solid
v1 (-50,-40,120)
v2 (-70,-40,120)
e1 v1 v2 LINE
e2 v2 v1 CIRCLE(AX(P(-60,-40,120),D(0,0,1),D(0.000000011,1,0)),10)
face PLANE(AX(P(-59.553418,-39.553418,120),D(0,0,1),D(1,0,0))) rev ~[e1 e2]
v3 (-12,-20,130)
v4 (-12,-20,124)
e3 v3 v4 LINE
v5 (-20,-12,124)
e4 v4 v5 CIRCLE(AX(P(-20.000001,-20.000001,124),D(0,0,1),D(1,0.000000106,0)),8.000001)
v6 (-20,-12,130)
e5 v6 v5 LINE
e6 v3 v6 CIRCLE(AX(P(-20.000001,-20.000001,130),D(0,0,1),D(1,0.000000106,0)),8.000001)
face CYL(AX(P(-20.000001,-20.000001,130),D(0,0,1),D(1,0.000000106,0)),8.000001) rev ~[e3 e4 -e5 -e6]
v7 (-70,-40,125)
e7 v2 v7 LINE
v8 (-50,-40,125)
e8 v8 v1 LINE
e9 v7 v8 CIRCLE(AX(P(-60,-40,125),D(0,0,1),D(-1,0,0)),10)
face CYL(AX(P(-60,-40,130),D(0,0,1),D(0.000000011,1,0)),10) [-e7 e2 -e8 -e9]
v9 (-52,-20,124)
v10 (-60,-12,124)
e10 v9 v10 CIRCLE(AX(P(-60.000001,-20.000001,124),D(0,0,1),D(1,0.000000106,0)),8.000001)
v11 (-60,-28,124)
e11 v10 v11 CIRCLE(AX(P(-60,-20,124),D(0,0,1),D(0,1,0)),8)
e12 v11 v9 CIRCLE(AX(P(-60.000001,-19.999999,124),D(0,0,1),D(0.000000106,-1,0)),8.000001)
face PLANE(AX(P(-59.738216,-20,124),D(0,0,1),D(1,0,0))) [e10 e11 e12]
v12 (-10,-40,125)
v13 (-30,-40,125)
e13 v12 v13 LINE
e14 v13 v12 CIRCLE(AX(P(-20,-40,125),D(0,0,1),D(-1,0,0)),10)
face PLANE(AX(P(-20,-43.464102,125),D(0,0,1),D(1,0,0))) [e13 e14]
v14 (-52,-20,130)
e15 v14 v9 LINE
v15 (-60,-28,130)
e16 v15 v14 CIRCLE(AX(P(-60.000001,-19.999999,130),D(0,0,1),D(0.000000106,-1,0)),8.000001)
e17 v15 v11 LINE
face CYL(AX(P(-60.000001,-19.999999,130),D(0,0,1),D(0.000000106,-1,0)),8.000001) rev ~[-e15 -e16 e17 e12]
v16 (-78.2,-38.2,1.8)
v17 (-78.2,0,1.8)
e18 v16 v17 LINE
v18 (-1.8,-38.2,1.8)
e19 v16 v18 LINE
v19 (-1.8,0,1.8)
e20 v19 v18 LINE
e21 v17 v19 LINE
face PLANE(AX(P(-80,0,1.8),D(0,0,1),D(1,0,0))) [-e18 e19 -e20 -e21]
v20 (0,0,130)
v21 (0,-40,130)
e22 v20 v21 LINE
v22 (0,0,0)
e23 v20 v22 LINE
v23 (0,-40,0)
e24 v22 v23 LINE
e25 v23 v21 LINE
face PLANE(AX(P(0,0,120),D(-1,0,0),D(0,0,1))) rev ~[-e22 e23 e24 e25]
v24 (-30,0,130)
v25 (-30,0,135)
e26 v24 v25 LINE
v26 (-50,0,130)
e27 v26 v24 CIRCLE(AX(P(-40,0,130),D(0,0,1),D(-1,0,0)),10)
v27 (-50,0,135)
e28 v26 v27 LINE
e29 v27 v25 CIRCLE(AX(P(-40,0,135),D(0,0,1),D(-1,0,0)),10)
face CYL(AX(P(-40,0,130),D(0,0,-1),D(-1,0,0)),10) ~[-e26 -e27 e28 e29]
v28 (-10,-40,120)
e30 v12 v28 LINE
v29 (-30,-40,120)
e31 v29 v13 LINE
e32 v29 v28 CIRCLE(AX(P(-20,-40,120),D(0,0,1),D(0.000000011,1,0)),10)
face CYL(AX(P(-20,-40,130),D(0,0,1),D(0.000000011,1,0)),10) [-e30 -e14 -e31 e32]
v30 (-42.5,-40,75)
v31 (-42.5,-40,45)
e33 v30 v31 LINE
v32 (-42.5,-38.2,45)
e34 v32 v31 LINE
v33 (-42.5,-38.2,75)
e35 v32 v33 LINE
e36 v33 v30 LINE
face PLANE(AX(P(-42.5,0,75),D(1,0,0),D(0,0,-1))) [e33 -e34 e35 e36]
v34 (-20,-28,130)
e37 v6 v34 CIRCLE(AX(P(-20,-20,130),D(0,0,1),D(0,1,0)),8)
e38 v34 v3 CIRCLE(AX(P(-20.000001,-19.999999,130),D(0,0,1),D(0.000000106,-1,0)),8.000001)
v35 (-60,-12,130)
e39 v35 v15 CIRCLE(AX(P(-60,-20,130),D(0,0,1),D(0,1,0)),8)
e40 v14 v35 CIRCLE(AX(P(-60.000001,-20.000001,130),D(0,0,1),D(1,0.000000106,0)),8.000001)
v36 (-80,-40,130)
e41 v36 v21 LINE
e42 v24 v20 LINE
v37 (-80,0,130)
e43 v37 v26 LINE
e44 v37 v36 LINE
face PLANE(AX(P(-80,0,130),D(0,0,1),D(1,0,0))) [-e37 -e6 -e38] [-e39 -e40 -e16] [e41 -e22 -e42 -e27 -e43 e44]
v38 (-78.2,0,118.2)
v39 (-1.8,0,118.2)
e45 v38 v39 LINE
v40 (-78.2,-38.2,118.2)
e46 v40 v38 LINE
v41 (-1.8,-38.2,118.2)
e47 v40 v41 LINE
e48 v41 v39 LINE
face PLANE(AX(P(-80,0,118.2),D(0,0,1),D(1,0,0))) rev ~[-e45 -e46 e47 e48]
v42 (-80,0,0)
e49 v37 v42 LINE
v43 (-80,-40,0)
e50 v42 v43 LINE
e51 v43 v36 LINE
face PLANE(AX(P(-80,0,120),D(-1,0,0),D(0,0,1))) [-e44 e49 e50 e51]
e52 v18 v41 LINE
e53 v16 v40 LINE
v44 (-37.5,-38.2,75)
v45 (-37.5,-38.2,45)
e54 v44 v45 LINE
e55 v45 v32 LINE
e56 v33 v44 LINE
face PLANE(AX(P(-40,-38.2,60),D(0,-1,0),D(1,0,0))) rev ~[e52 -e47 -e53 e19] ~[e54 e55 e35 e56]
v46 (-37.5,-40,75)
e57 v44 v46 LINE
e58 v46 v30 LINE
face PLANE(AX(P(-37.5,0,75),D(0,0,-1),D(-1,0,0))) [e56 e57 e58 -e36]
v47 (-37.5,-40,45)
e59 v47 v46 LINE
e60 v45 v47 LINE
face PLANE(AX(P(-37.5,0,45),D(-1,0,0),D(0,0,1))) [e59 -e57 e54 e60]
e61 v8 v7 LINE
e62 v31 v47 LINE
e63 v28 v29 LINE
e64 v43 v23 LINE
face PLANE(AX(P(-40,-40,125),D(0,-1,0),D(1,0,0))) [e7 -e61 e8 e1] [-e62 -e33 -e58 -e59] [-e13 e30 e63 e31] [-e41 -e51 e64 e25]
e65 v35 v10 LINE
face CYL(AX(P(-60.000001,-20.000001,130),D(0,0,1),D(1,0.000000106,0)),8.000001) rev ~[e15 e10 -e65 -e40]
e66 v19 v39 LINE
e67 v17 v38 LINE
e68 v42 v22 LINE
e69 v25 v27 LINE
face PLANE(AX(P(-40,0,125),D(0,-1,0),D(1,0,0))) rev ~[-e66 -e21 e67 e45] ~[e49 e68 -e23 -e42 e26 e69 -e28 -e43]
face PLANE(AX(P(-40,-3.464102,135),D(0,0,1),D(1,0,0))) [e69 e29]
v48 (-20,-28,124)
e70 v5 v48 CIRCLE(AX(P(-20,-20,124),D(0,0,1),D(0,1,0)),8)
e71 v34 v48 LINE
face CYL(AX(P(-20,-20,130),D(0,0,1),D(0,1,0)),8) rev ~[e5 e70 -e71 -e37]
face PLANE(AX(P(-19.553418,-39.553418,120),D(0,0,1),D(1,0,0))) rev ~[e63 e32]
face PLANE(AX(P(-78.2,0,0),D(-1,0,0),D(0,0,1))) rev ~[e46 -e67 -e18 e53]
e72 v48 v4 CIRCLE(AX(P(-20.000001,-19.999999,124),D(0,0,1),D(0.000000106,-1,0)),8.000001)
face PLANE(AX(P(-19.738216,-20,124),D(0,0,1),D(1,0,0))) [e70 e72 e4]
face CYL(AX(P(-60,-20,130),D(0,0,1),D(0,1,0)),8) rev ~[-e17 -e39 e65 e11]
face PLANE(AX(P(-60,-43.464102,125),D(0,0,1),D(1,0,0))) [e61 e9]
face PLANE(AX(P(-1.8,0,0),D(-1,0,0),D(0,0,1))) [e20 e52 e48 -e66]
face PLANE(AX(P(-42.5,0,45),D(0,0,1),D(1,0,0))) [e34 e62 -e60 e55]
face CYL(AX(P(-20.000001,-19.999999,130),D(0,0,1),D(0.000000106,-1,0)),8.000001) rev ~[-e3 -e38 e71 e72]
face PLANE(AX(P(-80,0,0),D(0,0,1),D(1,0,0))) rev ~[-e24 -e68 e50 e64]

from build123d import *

# Parameters (mm, degrees)
F0_W      = 80
F0_H      = 120
F1_DEPTH  = 40
F2_T      = -1.8
F0_H_2    = 10
F3_DEPTH  = 40
F5_DEPTH  = 40
F8_DEPTH  = 5
F9_DEPTH  = 6
F10_DEPTH = 10
F12_DEPTH = 5


with BuildPart() as f1:
    # F0 (on Front) → F1 (new body)
    with BuildSketch(Plane.XZ):
        with Locations((-40, 60)):
            Rectangle(F0_W, F0_H)
    extrude(amount=F1_DEPTH)

    # F2
    f2_openings = [f1.faces().sort_by_distance(p)[0] for p in [
        (-40, 0, 60),
    ]]
    offset(amount=F2_T, openings=f2_openings)

    # F0 (on Front) → F3 (join)
    with BuildSketch(Plane.XZ):
        with Locations((-40, 125)):
            Rectangle(F0_W, F0_H_2)
    extrude(amount=F3_DEPTH)

    # F4 (on face) → F5 (cut)
    with BuildSketch(Plane.XZ):
        Polygon((-42.5, 45), (-40, 45), (-37.5, 45), (-37.5, 75), (-42.5, 75), align=None)
    extrude(amount=F5_DEPTH, mode=Mode.SUBTRACT)

    # F7 (on offset) → F8 (join)
    with BuildSketch(Plane.XY.offset(130)):
        with BuildLine():
            ThreePointArc((-50, 0), (-40, -10), (-30, 0))
            Line((-30, 0), (-40, 0))
            Line((-40, 0), (-50, 0))
        make_face()
    extrude(amount=F8_DEPTH)

    # F7 (on offset) → F9 (cut)
    with BuildSketch(Plane.XY.offset(130)):
        with BuildLine():
            ThreePointArc((-12, -20), (-14.343146, -14.343146), (-20, -12))
            ThreePointArc((-20, -12), (-28, -20), (-20, -28))
            ThreePointArc((-20, -28), (-14.343146, -25.656854), (-12, -20))
        make_face()
        with BuildLine():
            ThreePointArc((-52, -20), (-54.343146, -14.343146), (-60, -12))
            ThreePointArc((-60, -12), (-68, -20), (-60, -28))
            ThreePointArc((-60, -28), (-54.343146, -25.656854), (-52, -20))
        make_face()
    extrude(amount=-F9_DEPTH, mode=Mode.SUBTRACT)

    # F7 (on offset) → F10 (join)
    with BuildSketch(Plane.XY.offset(130)):
        with BuildLine():
            ThreePointArc((-50, -40), (-52.928932, -32.928932), (-60, -30))
            ThreePointArc((-60, -30), (-67.071068, -47.071068), (-50, -40))
        make_face()
        with BuildLine():
            ThreePointArc((-10, -40), (-12.928932, -32.928932), (-20, -30))
            ThreePointArc((-20, -30), (-27.071068, -47.071068), (-10, -40))
        make_face()
    extrude(amount=-F10_DEPTH)

    # F11 (on offset) → F12 (cut)
    with BuildSketch(Plane.XY.offset(130)):
        with BuildLine():
            ThreePointArc((-70, -40), (-60, -50), (-50, -40))
            Line((-50, -40), (-60, -40))
            Line((-60, -40), (-70, -40))
        make_face()
        with BuildLine():
            ThreePointArc((-30, -40), (-20, -50), (-10, -40))
            Line((-10, -40), (-20, -40))
            Line((-20, -40), (-30, -40))
        make_face()
    extrude(amount=-F12_DEPTH, mode=Mode.SUBTRACT)


solid = f1.part
